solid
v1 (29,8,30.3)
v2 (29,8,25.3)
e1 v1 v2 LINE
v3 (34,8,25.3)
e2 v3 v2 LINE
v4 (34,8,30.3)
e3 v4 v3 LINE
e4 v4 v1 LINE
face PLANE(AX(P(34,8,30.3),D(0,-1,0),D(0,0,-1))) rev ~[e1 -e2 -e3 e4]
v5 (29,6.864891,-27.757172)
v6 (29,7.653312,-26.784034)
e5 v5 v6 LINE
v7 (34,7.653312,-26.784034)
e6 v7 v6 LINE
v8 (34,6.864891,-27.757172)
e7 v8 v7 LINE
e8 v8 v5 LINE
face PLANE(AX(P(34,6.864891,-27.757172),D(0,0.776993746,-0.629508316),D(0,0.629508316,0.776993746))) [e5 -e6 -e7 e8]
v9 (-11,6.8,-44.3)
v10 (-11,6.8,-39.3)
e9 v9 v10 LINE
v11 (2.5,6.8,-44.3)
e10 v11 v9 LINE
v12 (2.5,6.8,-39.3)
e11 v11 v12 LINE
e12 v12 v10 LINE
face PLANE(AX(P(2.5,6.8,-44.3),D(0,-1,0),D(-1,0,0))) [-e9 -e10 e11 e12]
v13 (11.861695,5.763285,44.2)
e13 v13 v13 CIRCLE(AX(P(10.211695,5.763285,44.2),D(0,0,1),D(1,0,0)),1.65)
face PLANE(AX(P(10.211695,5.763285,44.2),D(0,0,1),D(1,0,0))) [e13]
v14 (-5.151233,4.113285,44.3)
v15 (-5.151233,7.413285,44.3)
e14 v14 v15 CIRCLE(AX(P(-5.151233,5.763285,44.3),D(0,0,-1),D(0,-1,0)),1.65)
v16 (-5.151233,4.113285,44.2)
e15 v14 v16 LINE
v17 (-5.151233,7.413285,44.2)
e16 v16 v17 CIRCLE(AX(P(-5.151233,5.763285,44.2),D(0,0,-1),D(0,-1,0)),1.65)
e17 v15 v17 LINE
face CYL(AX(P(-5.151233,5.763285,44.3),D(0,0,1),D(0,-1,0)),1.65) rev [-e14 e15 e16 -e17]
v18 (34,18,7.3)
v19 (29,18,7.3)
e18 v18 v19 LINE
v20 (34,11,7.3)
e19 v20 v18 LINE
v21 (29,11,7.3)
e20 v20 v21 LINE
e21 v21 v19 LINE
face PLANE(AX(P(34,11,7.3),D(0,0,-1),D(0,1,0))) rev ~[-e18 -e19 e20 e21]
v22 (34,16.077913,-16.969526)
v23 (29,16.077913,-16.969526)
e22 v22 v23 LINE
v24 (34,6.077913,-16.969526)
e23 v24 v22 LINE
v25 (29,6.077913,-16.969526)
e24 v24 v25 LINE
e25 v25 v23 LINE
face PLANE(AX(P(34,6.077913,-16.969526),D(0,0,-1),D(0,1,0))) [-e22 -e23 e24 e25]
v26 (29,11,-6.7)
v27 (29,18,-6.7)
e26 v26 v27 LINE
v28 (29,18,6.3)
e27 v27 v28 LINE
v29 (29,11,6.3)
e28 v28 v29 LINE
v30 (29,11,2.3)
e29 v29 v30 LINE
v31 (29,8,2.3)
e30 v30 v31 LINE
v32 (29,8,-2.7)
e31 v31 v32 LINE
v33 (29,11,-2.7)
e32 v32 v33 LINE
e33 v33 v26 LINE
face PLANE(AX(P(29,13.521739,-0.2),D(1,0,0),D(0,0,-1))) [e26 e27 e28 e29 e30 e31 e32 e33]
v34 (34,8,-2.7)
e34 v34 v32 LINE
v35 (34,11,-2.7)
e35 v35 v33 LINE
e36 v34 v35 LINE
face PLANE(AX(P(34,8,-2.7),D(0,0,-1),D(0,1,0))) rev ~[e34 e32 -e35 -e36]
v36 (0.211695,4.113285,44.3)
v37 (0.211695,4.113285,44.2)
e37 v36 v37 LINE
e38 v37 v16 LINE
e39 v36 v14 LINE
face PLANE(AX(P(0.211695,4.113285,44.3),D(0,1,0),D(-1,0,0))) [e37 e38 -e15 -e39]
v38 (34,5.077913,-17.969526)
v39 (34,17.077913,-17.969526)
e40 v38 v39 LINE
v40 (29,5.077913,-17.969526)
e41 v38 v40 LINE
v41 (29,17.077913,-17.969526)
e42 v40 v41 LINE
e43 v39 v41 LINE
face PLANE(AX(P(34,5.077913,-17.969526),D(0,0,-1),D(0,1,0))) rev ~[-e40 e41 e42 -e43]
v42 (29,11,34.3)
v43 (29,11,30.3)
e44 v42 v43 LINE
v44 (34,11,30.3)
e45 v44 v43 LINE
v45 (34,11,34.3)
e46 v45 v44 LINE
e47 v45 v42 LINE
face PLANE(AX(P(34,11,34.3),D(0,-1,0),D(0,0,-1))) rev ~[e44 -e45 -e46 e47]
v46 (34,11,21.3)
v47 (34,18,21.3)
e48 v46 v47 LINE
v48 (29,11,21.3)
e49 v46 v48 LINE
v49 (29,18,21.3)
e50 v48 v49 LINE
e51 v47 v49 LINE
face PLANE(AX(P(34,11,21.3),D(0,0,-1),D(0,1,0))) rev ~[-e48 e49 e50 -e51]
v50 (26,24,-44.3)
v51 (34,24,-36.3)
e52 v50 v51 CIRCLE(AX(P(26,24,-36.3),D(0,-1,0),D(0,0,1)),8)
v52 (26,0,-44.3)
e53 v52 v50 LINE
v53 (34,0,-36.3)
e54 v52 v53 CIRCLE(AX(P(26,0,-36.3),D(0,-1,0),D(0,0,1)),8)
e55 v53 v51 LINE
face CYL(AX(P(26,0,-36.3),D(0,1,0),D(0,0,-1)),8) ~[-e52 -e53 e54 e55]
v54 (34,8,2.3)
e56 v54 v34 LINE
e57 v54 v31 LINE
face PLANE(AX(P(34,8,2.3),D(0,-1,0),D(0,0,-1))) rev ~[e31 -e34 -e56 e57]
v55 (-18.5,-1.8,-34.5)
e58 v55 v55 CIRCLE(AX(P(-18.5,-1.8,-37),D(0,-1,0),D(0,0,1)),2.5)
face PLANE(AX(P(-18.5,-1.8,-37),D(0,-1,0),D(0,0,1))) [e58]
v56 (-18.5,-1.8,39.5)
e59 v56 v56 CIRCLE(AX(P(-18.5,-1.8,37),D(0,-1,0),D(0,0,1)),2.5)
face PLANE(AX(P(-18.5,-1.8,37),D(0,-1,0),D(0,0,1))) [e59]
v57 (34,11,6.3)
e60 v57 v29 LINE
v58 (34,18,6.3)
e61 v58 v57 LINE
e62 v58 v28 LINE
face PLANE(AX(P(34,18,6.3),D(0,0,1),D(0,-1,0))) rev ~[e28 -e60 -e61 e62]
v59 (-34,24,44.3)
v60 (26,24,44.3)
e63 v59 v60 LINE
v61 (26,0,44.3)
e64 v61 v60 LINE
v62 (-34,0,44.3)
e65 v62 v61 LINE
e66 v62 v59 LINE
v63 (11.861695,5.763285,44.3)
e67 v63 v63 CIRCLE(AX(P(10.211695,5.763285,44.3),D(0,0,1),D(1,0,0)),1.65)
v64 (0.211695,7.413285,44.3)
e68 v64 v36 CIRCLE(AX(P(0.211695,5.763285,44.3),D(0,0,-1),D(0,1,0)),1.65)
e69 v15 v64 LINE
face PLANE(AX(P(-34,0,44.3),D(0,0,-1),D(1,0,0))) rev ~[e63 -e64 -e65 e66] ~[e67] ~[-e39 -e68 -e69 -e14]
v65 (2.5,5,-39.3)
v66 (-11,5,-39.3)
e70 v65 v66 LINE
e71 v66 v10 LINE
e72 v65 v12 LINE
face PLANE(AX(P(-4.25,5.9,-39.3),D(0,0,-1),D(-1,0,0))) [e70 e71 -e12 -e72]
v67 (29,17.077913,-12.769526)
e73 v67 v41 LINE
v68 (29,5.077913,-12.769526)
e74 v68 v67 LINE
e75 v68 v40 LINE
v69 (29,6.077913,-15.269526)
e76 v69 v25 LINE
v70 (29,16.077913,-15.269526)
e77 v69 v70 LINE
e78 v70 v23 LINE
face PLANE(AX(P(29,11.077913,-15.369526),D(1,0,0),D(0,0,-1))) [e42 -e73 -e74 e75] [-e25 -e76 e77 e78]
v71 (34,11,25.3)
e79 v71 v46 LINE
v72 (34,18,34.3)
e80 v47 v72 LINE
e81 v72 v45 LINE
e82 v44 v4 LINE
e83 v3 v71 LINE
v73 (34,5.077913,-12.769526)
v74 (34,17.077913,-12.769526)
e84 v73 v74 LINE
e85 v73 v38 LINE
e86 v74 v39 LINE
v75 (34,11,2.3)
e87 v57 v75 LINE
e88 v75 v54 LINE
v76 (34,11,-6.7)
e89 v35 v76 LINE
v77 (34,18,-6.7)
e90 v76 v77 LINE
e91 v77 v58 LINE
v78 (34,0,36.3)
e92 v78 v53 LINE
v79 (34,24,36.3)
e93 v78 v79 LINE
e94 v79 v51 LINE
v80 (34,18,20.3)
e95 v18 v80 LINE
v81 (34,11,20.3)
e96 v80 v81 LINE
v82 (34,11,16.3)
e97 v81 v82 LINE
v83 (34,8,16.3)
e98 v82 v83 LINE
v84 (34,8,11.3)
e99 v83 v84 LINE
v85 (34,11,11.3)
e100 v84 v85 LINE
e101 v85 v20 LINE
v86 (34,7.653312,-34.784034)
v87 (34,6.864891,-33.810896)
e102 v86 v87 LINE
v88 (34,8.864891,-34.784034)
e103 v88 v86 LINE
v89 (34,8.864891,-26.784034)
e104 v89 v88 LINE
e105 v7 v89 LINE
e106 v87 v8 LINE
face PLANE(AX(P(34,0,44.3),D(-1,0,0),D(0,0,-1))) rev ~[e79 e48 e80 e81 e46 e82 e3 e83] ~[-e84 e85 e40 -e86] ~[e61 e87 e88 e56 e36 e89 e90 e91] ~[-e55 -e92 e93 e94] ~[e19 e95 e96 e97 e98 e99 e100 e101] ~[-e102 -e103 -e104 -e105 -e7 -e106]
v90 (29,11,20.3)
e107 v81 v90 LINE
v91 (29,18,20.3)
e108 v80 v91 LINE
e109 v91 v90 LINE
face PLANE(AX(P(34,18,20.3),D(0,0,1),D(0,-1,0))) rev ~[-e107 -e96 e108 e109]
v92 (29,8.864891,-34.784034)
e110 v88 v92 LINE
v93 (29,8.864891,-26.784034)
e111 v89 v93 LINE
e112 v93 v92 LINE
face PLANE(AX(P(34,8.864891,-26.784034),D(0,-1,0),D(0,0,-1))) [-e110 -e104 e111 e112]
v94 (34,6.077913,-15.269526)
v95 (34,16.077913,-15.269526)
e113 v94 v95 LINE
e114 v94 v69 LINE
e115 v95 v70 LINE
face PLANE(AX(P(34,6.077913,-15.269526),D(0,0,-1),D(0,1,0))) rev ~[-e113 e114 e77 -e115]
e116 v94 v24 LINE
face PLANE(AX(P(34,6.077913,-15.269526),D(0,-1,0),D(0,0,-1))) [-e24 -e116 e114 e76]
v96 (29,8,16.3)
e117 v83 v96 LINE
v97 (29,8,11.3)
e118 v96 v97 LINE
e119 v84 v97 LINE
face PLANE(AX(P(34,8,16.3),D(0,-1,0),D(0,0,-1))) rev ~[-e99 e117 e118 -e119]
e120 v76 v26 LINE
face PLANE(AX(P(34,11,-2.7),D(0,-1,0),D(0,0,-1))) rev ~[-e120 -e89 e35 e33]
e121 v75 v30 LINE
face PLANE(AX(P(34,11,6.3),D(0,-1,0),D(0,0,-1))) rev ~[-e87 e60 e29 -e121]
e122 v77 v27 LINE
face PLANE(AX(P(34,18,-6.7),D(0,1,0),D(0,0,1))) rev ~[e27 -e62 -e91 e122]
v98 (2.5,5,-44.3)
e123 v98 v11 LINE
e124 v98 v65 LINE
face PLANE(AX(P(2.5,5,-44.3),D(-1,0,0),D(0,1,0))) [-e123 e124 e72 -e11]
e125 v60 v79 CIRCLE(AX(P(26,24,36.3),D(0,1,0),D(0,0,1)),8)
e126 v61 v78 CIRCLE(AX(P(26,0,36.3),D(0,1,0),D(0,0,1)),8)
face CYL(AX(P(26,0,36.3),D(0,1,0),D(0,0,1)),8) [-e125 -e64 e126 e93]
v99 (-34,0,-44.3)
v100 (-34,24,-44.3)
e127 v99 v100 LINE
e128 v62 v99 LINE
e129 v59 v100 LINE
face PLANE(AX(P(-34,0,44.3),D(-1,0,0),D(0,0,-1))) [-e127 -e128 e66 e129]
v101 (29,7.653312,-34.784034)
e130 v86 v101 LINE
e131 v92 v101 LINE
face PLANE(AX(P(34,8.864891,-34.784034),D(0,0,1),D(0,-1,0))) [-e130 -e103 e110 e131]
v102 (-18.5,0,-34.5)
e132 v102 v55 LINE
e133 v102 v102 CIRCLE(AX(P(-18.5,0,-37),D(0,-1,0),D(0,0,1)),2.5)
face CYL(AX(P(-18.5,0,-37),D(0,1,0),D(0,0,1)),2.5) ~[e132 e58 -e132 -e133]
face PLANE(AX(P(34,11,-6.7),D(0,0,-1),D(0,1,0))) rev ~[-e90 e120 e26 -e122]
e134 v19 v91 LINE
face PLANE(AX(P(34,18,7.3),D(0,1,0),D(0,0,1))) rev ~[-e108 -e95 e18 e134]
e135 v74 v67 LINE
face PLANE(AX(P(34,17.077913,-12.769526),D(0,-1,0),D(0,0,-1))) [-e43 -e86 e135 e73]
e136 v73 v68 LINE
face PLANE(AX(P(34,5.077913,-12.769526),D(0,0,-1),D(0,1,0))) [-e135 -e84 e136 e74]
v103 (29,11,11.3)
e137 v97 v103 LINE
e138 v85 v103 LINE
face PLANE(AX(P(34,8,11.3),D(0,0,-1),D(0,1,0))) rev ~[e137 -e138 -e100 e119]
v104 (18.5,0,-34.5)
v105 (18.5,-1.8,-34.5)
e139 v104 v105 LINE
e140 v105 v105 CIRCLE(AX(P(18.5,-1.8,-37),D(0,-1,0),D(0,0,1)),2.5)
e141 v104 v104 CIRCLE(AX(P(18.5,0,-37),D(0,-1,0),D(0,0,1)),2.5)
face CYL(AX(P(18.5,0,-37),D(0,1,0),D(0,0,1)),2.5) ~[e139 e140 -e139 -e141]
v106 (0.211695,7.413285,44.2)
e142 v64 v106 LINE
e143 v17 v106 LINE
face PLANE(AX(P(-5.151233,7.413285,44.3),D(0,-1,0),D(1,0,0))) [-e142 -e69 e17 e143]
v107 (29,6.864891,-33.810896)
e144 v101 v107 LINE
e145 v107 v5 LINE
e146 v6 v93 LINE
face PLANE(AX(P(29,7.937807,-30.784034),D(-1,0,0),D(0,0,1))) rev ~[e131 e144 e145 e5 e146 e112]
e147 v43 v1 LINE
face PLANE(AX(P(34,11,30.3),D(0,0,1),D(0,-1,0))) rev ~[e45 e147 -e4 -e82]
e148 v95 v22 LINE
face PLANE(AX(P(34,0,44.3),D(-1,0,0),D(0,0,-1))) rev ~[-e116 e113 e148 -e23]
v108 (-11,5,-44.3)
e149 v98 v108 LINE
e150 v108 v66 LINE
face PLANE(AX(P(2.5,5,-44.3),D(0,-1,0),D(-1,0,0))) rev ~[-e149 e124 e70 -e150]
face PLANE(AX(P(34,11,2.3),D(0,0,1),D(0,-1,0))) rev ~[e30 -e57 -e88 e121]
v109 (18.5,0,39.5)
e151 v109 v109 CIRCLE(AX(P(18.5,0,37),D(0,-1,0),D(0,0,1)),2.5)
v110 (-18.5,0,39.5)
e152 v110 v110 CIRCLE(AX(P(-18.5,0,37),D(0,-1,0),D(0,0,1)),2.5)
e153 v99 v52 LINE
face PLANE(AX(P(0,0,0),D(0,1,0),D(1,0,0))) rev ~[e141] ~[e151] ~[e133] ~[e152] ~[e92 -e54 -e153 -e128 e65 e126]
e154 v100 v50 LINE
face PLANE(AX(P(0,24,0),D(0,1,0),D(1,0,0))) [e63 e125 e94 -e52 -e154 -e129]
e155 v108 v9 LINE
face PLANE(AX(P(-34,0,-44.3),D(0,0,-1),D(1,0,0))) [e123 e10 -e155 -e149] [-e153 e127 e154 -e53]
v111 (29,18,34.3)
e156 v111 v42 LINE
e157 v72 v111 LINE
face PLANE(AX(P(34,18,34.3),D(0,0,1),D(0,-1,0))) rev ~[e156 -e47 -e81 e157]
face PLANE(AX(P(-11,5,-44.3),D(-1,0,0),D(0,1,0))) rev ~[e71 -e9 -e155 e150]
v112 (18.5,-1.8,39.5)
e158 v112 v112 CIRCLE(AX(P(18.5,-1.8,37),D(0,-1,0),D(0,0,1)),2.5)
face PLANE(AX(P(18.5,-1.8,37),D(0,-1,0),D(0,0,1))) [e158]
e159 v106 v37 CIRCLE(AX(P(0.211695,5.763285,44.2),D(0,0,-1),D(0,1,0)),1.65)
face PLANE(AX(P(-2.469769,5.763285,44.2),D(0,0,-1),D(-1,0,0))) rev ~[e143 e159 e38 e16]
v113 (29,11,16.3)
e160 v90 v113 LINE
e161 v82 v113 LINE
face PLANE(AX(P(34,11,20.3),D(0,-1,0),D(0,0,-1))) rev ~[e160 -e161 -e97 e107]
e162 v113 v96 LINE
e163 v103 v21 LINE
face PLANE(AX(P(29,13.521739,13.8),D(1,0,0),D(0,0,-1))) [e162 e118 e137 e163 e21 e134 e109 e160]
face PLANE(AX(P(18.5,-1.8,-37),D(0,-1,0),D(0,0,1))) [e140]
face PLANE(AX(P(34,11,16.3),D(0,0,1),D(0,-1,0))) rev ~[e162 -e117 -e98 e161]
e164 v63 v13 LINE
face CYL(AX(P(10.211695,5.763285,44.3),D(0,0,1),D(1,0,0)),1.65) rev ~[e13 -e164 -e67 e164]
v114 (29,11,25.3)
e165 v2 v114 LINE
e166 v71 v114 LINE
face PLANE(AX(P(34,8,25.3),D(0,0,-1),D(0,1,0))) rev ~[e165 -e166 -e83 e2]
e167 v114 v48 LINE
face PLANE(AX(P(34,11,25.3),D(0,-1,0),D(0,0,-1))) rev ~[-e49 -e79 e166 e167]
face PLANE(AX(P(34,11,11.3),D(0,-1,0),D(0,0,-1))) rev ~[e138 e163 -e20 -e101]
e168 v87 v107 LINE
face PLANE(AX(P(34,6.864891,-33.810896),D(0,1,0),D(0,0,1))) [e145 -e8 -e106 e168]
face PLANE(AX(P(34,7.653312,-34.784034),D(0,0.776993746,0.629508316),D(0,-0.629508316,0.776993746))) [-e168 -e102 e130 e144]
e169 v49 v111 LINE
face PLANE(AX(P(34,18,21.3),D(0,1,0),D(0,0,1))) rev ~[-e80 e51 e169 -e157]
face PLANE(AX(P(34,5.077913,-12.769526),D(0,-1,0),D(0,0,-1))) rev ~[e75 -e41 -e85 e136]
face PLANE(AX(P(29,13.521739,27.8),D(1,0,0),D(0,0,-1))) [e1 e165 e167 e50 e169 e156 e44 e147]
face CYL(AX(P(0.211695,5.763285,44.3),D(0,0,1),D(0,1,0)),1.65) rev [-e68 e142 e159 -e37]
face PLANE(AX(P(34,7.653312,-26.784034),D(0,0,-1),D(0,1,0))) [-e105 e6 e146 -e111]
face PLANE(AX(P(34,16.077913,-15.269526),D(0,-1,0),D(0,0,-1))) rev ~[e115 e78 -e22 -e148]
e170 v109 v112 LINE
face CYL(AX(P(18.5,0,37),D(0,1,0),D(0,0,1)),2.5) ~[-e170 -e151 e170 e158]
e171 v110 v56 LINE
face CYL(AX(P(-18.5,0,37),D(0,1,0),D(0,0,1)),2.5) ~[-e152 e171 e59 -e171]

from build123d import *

# Parameters (mm, degrees)
ESQUISSE1_W             = 68
ESQUISSE1_H             = 88.6
BOSS_EXTRU_1_DEPTH      = 24
ESQUISSE2_W             = 5.2
ESQUISSE2_H             = 12
ESQUISSE2_W_2           = 1.7
ESQUISSE2_H_2           = 10
ENL_V_MAT_EXTRU_1_DEPTH = 5
ESQUISSE3_W             = 13.5
ESQUISSE3_H             = 1.8
ENL_V_MAT_EXTRU_2_DEPTH = 5
ESQUISSE4_R             = 1.65
ENL_V_MAT_EXTRU_3_DEPTH = 0.1
ESQUISSE5_R             = 2.5
BOSS_EXTRU_3_DEPTH      = 1.8
CONG_1_R                = 8


with BuildPart() as part:
    # Esquisse1 → Boss.-Extru.1 (new body)
    with BuildSketch(Plane(origin=(0, 0, 0), x_dir=(1, 0, 0), z_dir=(0, 1, 0))):
        Rectangle(ESQUISSE1_W, ESQUISSE1_H)
    extrude(amount=BOSS_EXTRU_1_DEPTH)

    # Esquisse2 → Enlèv. mat.-Extru.1 (cut)
    # profile 1 of 5: a face of its own
    with BuildSketch(Plane(origin=(34, 0, 0), x_dir=(0, 0, -1), z_dir=(1, 0, 0))):
        Polygon((-34.3, 18), (-34.3, 11), (-30.3, 11), (-30.3, 8), (-25.3, 8), (-25.3, 11), (-21.3, 11), (-21.3, 18), align=None)
    # profile 2 of 5: a face of its own
    with BuildSketch(Plane(origin=(34, 0, 0), x_dir=(0, 0, -1), z_dir=(1, 0, 0))):
        Polygon((-7.3, 18), (-20.3, 18), (-20.3, 11), (-16.3, 11), (-16.3, 8), (-11.3, 8), (-11.3, 11), (-7.3, 11), align=None)
    # profile 3 of 5: a face of its own
    with BuildSketch(Plane(origin=(34, 0, 0), x_dir=(0, 0, -1), z_dir=(1, 0, 0))):
        Polygon((6.7, 18), (-6.3, 18), (-6.3, 11), (-2.3, 11), (-2.3, 8), (2.7, 8), (2.7, 11), (6.7, 11), align=None)
    # profile 4 of 5: a face of its own
    with BuildSketch(Plane(origin=(34, 0, 0), x_dir=(0, 0, -1), z_dir=(1, 0, 0))):
        Polygon((26.784034195, 8.864890508), (34.784034195, 8.864890508), (34.784034195, 7.653311673), (33.810896432, 6.864890508), (27.757171958, 6.864890508), (26.784034195, 7.653311673), align=None)
    # profile 5 of 5: a face of its own
    with BuildSketch(Plane(origin=(34, 0, 0), x_dir=(0, 0, -1), z_dir=(1, 0, 0))):
        with Locations((15.369525707, 11.07791291)):
            Rectangle(ESQUISSE2_W, ESQUISSE2_H)
        with Locations((16.119525707, 11.07791291)):
            Rectangle(ESQUISSE2_W_2, ESQUISSE2_H_2, mode=Mode.SUBTRACT)
    extrude(amount=-ENL_V_MAT_EXTRU_1_DEPTH, mode=Mode.SUBTRACT)

    # Esquisse3 → Enlèv. mat.-Extru.2 (cut)
    with BuildSketch(Plane(origin=(0, 0, -44.3), x_dir=(-1, 0, 0), z_dir=(0, 0, -1))):
        with Locations((4.25, 5.9)):
            Rectangle(ESQUISSE3_W, ESQUISSE3_H)
    extrude(amount=-ENL_V_MAT_EXTRU_2_DEPTH, mode=Mode.SUBTRACT)

    # Esquisse4 → Enlèv. mat.-Extru.3 (cut)
    with BuildSketch(Plane.XY.offset(44.3)):
        with Locations((10.211694525, 5.763285302)):
            Circle(ESQUISSE4_R)
        with BuildLine():
            Line((-5.15123343, 7.413285302), (0.211694525, 7.413285302))
            ThreePointArc((0.211694525, 7.413285302), (1.861694525, 5.763285302), (0.211694525, 4.113285302))
            Line((0.211694525, 4.113285302), (-5.15123343, 4.113285302))
            ThreePointArc((-5.15123343, 4.113285302), (-6.80123343, 5.763285302), (-5.15123343, 7.413285302))
        make_face()
    extrude(amount=-ENL_V_MAT_EXTRU_3_DEPTH, mode=Mode.SUBTRACT)

    # Esquisse5 → Boss.-Extru.3 (add)
    with BuildSketch(Plane.XZ):
        with Locations(Location((-18.5, 37, 0), (0, 0, 90))):
            Circle(ESQUISSE5_R)
        with Locations(Location((18.5, 37, 0), (0, 0, 90))):
            Circle(ESQUISSE5_R)
        with Locations(Location((18.5, -37, 0), (0, 0, 90))):
            Circle(ESQUISSE5_R)
        with Locations(Location((-18.5, -37, 0), (0, 0, 90))):
            Circle(ESQUISSE5_R)
    extrude(amount=BOSS_EXTRU_3_DEPTH)

    # Congé1
    cong_1_edges = [part.edges().sort_by_distance(p)[0] for p in [
        (34, 12, -44.3),
        (34, 12, 44.3),
    ]]
    fillet(cong_1_edges, radius=CONG_1_R)


solid = part.part
